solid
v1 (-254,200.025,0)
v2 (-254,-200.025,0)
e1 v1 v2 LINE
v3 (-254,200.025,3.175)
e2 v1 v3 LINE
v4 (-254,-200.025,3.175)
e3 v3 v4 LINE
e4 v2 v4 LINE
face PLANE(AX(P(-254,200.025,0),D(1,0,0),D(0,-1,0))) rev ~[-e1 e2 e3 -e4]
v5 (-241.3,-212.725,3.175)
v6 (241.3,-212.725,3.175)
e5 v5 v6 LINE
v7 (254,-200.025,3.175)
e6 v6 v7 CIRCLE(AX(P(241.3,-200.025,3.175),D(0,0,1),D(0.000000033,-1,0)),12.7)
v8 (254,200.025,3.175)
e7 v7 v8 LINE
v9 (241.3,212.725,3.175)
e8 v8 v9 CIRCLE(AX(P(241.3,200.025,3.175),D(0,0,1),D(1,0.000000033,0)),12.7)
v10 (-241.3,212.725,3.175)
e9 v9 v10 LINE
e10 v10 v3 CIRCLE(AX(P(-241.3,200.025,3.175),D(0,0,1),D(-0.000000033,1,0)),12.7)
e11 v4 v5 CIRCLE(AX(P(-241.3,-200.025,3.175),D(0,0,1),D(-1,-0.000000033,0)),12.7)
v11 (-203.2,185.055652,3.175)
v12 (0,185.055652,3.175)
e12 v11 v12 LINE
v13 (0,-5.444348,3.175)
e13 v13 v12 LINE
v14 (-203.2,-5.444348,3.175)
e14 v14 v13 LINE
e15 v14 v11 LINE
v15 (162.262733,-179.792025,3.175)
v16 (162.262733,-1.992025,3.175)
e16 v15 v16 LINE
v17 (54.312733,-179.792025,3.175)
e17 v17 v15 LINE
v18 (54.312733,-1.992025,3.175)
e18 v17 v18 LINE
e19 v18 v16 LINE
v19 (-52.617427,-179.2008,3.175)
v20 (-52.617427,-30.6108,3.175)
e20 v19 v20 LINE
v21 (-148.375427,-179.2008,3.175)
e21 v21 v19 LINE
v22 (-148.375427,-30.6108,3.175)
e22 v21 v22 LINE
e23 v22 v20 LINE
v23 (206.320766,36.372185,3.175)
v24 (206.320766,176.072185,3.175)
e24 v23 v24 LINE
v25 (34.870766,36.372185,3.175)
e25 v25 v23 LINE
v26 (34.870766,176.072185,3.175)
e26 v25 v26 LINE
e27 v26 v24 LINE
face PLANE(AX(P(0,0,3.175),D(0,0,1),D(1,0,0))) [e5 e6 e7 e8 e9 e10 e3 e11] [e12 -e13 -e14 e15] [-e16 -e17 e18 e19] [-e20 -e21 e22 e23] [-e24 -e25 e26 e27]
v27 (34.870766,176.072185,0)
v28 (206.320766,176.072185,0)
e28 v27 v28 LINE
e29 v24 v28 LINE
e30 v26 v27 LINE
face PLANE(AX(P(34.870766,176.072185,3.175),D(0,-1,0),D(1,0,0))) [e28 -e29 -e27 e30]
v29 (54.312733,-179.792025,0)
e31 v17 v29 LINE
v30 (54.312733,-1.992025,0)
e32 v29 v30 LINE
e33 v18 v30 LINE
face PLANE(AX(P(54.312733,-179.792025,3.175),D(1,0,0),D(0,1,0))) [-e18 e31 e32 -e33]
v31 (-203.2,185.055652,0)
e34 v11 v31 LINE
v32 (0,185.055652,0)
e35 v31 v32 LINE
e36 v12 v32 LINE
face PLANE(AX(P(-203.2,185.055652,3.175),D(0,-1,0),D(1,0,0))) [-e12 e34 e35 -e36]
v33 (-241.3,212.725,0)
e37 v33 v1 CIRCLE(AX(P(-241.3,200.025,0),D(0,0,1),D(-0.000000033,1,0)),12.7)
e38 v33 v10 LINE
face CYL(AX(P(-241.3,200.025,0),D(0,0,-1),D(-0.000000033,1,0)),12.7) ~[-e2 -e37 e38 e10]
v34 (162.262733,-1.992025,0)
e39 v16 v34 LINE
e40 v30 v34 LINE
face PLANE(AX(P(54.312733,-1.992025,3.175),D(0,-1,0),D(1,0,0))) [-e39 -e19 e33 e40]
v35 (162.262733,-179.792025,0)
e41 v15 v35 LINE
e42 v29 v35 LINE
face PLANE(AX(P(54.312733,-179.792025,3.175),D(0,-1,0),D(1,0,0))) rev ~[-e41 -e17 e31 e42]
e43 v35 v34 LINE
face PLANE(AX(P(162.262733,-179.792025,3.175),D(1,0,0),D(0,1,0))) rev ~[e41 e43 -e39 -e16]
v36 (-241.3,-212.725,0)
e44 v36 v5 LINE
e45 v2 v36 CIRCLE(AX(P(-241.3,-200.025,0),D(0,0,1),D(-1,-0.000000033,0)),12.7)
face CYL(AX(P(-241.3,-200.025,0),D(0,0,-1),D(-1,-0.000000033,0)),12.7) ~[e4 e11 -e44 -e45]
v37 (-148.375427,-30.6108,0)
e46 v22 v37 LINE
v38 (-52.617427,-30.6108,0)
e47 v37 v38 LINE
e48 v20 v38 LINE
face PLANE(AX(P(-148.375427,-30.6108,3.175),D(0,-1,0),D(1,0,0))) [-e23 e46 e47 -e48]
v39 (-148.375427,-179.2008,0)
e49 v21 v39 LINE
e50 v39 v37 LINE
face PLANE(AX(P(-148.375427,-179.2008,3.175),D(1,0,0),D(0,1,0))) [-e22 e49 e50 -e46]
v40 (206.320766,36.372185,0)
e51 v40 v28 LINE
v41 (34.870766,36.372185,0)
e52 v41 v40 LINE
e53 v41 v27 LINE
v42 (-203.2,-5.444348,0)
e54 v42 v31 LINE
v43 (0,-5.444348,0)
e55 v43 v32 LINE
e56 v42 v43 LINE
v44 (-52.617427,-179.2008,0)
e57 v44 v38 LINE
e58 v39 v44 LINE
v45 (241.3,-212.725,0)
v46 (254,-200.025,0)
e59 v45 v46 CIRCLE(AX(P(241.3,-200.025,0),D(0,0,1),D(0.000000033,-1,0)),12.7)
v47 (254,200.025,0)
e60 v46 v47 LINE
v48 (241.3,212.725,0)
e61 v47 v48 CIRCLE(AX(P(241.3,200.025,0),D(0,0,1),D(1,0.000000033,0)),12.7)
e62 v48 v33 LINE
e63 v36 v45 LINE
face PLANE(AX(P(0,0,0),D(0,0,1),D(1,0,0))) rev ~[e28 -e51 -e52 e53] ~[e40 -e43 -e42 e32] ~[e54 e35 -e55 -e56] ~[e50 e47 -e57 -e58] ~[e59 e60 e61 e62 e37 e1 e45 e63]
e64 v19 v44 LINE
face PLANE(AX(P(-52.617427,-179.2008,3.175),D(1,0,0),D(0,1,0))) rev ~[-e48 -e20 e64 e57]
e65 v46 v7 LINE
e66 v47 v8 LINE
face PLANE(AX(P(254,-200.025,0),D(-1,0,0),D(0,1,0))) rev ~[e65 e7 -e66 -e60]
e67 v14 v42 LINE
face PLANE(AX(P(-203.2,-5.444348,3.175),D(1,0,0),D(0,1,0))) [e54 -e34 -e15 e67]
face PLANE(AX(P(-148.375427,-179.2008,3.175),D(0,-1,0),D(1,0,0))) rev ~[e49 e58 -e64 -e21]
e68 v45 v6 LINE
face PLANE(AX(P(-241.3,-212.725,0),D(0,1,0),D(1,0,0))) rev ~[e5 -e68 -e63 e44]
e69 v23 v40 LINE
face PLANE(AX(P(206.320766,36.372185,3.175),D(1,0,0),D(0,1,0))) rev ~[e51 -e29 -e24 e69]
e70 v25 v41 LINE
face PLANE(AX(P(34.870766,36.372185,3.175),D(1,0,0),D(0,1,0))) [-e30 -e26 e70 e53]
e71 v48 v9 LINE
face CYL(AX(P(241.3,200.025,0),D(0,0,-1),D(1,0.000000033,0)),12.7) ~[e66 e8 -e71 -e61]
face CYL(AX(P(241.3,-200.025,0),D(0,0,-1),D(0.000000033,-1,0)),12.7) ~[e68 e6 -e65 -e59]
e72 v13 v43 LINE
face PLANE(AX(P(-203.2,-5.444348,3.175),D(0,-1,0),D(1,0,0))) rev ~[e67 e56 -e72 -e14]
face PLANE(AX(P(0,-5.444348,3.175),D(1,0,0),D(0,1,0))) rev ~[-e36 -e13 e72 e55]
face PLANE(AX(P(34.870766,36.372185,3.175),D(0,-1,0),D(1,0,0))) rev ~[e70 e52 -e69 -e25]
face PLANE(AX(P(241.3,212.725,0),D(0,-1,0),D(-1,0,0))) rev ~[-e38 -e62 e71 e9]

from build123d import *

# Parameters (mm, degrees)
F1_DEPTH = 3.175
F2_W     = 203.2
F2_H     = 190.5
F2_W_2   = 95.758
F2_H_2   = 148.59
F2_W_3   = 107.95
F2_H_3   = 177.8
F2_W_4   = 171.45
F2_H_4   = 139.7
F3_DEPTH = 25.4


with BuildPart() as f1:
    # F0 (on Top) → F1 (new body)
    with BuildSketch(Plane.XY):
        with BuildLine():
            ThreePointArc((254, 200.025), (250.280256, 209.005256), (241.3, 212.725))
            Line((241.3, 212.725), (-241.3, 212.725))
            ThreePointArc((-241.3, 212.725), (-250.280256, 209.005256), (-254, 200.025))
            Line((-254, 200.025), (-254, -200.025))
            ThreePointArc((-254, -200.025), (-250.280256, -209.005256), (-241.3, -212.725))
            Line((-241.3, -212.725), (241.3, -212.725))
            ThreePointArc((241.3, -212.725), (250.280256, -209.005256), (254, -200.025))
            Line((254, -200.025), (254, 200.025))
        make_face()
    extrude(amount=F1_DEPTH)

    # F2 (on face) → F3 (cut)
    with BuildSketch(Plane.XY.offset(3.175)):
        with Locations((-101.6, 89.805652)):
            Rectangle(F2_W, F2_H)
        with Locations((-100.496427, -104.9058)):
            Rectangle(F2_W_2, F2_H_2)
        with Locations((108.287733, -90.892025)):
            Rectangle(F2_W_3, F2_H_3)
        with Locations((120.595766, 106.222185)):
            Rectangle(F2_W_4, F2_H_4)
    extrude(amount=-F3_DEPTH, mode=Mode.SUBTRACT)


solid = f1.part
